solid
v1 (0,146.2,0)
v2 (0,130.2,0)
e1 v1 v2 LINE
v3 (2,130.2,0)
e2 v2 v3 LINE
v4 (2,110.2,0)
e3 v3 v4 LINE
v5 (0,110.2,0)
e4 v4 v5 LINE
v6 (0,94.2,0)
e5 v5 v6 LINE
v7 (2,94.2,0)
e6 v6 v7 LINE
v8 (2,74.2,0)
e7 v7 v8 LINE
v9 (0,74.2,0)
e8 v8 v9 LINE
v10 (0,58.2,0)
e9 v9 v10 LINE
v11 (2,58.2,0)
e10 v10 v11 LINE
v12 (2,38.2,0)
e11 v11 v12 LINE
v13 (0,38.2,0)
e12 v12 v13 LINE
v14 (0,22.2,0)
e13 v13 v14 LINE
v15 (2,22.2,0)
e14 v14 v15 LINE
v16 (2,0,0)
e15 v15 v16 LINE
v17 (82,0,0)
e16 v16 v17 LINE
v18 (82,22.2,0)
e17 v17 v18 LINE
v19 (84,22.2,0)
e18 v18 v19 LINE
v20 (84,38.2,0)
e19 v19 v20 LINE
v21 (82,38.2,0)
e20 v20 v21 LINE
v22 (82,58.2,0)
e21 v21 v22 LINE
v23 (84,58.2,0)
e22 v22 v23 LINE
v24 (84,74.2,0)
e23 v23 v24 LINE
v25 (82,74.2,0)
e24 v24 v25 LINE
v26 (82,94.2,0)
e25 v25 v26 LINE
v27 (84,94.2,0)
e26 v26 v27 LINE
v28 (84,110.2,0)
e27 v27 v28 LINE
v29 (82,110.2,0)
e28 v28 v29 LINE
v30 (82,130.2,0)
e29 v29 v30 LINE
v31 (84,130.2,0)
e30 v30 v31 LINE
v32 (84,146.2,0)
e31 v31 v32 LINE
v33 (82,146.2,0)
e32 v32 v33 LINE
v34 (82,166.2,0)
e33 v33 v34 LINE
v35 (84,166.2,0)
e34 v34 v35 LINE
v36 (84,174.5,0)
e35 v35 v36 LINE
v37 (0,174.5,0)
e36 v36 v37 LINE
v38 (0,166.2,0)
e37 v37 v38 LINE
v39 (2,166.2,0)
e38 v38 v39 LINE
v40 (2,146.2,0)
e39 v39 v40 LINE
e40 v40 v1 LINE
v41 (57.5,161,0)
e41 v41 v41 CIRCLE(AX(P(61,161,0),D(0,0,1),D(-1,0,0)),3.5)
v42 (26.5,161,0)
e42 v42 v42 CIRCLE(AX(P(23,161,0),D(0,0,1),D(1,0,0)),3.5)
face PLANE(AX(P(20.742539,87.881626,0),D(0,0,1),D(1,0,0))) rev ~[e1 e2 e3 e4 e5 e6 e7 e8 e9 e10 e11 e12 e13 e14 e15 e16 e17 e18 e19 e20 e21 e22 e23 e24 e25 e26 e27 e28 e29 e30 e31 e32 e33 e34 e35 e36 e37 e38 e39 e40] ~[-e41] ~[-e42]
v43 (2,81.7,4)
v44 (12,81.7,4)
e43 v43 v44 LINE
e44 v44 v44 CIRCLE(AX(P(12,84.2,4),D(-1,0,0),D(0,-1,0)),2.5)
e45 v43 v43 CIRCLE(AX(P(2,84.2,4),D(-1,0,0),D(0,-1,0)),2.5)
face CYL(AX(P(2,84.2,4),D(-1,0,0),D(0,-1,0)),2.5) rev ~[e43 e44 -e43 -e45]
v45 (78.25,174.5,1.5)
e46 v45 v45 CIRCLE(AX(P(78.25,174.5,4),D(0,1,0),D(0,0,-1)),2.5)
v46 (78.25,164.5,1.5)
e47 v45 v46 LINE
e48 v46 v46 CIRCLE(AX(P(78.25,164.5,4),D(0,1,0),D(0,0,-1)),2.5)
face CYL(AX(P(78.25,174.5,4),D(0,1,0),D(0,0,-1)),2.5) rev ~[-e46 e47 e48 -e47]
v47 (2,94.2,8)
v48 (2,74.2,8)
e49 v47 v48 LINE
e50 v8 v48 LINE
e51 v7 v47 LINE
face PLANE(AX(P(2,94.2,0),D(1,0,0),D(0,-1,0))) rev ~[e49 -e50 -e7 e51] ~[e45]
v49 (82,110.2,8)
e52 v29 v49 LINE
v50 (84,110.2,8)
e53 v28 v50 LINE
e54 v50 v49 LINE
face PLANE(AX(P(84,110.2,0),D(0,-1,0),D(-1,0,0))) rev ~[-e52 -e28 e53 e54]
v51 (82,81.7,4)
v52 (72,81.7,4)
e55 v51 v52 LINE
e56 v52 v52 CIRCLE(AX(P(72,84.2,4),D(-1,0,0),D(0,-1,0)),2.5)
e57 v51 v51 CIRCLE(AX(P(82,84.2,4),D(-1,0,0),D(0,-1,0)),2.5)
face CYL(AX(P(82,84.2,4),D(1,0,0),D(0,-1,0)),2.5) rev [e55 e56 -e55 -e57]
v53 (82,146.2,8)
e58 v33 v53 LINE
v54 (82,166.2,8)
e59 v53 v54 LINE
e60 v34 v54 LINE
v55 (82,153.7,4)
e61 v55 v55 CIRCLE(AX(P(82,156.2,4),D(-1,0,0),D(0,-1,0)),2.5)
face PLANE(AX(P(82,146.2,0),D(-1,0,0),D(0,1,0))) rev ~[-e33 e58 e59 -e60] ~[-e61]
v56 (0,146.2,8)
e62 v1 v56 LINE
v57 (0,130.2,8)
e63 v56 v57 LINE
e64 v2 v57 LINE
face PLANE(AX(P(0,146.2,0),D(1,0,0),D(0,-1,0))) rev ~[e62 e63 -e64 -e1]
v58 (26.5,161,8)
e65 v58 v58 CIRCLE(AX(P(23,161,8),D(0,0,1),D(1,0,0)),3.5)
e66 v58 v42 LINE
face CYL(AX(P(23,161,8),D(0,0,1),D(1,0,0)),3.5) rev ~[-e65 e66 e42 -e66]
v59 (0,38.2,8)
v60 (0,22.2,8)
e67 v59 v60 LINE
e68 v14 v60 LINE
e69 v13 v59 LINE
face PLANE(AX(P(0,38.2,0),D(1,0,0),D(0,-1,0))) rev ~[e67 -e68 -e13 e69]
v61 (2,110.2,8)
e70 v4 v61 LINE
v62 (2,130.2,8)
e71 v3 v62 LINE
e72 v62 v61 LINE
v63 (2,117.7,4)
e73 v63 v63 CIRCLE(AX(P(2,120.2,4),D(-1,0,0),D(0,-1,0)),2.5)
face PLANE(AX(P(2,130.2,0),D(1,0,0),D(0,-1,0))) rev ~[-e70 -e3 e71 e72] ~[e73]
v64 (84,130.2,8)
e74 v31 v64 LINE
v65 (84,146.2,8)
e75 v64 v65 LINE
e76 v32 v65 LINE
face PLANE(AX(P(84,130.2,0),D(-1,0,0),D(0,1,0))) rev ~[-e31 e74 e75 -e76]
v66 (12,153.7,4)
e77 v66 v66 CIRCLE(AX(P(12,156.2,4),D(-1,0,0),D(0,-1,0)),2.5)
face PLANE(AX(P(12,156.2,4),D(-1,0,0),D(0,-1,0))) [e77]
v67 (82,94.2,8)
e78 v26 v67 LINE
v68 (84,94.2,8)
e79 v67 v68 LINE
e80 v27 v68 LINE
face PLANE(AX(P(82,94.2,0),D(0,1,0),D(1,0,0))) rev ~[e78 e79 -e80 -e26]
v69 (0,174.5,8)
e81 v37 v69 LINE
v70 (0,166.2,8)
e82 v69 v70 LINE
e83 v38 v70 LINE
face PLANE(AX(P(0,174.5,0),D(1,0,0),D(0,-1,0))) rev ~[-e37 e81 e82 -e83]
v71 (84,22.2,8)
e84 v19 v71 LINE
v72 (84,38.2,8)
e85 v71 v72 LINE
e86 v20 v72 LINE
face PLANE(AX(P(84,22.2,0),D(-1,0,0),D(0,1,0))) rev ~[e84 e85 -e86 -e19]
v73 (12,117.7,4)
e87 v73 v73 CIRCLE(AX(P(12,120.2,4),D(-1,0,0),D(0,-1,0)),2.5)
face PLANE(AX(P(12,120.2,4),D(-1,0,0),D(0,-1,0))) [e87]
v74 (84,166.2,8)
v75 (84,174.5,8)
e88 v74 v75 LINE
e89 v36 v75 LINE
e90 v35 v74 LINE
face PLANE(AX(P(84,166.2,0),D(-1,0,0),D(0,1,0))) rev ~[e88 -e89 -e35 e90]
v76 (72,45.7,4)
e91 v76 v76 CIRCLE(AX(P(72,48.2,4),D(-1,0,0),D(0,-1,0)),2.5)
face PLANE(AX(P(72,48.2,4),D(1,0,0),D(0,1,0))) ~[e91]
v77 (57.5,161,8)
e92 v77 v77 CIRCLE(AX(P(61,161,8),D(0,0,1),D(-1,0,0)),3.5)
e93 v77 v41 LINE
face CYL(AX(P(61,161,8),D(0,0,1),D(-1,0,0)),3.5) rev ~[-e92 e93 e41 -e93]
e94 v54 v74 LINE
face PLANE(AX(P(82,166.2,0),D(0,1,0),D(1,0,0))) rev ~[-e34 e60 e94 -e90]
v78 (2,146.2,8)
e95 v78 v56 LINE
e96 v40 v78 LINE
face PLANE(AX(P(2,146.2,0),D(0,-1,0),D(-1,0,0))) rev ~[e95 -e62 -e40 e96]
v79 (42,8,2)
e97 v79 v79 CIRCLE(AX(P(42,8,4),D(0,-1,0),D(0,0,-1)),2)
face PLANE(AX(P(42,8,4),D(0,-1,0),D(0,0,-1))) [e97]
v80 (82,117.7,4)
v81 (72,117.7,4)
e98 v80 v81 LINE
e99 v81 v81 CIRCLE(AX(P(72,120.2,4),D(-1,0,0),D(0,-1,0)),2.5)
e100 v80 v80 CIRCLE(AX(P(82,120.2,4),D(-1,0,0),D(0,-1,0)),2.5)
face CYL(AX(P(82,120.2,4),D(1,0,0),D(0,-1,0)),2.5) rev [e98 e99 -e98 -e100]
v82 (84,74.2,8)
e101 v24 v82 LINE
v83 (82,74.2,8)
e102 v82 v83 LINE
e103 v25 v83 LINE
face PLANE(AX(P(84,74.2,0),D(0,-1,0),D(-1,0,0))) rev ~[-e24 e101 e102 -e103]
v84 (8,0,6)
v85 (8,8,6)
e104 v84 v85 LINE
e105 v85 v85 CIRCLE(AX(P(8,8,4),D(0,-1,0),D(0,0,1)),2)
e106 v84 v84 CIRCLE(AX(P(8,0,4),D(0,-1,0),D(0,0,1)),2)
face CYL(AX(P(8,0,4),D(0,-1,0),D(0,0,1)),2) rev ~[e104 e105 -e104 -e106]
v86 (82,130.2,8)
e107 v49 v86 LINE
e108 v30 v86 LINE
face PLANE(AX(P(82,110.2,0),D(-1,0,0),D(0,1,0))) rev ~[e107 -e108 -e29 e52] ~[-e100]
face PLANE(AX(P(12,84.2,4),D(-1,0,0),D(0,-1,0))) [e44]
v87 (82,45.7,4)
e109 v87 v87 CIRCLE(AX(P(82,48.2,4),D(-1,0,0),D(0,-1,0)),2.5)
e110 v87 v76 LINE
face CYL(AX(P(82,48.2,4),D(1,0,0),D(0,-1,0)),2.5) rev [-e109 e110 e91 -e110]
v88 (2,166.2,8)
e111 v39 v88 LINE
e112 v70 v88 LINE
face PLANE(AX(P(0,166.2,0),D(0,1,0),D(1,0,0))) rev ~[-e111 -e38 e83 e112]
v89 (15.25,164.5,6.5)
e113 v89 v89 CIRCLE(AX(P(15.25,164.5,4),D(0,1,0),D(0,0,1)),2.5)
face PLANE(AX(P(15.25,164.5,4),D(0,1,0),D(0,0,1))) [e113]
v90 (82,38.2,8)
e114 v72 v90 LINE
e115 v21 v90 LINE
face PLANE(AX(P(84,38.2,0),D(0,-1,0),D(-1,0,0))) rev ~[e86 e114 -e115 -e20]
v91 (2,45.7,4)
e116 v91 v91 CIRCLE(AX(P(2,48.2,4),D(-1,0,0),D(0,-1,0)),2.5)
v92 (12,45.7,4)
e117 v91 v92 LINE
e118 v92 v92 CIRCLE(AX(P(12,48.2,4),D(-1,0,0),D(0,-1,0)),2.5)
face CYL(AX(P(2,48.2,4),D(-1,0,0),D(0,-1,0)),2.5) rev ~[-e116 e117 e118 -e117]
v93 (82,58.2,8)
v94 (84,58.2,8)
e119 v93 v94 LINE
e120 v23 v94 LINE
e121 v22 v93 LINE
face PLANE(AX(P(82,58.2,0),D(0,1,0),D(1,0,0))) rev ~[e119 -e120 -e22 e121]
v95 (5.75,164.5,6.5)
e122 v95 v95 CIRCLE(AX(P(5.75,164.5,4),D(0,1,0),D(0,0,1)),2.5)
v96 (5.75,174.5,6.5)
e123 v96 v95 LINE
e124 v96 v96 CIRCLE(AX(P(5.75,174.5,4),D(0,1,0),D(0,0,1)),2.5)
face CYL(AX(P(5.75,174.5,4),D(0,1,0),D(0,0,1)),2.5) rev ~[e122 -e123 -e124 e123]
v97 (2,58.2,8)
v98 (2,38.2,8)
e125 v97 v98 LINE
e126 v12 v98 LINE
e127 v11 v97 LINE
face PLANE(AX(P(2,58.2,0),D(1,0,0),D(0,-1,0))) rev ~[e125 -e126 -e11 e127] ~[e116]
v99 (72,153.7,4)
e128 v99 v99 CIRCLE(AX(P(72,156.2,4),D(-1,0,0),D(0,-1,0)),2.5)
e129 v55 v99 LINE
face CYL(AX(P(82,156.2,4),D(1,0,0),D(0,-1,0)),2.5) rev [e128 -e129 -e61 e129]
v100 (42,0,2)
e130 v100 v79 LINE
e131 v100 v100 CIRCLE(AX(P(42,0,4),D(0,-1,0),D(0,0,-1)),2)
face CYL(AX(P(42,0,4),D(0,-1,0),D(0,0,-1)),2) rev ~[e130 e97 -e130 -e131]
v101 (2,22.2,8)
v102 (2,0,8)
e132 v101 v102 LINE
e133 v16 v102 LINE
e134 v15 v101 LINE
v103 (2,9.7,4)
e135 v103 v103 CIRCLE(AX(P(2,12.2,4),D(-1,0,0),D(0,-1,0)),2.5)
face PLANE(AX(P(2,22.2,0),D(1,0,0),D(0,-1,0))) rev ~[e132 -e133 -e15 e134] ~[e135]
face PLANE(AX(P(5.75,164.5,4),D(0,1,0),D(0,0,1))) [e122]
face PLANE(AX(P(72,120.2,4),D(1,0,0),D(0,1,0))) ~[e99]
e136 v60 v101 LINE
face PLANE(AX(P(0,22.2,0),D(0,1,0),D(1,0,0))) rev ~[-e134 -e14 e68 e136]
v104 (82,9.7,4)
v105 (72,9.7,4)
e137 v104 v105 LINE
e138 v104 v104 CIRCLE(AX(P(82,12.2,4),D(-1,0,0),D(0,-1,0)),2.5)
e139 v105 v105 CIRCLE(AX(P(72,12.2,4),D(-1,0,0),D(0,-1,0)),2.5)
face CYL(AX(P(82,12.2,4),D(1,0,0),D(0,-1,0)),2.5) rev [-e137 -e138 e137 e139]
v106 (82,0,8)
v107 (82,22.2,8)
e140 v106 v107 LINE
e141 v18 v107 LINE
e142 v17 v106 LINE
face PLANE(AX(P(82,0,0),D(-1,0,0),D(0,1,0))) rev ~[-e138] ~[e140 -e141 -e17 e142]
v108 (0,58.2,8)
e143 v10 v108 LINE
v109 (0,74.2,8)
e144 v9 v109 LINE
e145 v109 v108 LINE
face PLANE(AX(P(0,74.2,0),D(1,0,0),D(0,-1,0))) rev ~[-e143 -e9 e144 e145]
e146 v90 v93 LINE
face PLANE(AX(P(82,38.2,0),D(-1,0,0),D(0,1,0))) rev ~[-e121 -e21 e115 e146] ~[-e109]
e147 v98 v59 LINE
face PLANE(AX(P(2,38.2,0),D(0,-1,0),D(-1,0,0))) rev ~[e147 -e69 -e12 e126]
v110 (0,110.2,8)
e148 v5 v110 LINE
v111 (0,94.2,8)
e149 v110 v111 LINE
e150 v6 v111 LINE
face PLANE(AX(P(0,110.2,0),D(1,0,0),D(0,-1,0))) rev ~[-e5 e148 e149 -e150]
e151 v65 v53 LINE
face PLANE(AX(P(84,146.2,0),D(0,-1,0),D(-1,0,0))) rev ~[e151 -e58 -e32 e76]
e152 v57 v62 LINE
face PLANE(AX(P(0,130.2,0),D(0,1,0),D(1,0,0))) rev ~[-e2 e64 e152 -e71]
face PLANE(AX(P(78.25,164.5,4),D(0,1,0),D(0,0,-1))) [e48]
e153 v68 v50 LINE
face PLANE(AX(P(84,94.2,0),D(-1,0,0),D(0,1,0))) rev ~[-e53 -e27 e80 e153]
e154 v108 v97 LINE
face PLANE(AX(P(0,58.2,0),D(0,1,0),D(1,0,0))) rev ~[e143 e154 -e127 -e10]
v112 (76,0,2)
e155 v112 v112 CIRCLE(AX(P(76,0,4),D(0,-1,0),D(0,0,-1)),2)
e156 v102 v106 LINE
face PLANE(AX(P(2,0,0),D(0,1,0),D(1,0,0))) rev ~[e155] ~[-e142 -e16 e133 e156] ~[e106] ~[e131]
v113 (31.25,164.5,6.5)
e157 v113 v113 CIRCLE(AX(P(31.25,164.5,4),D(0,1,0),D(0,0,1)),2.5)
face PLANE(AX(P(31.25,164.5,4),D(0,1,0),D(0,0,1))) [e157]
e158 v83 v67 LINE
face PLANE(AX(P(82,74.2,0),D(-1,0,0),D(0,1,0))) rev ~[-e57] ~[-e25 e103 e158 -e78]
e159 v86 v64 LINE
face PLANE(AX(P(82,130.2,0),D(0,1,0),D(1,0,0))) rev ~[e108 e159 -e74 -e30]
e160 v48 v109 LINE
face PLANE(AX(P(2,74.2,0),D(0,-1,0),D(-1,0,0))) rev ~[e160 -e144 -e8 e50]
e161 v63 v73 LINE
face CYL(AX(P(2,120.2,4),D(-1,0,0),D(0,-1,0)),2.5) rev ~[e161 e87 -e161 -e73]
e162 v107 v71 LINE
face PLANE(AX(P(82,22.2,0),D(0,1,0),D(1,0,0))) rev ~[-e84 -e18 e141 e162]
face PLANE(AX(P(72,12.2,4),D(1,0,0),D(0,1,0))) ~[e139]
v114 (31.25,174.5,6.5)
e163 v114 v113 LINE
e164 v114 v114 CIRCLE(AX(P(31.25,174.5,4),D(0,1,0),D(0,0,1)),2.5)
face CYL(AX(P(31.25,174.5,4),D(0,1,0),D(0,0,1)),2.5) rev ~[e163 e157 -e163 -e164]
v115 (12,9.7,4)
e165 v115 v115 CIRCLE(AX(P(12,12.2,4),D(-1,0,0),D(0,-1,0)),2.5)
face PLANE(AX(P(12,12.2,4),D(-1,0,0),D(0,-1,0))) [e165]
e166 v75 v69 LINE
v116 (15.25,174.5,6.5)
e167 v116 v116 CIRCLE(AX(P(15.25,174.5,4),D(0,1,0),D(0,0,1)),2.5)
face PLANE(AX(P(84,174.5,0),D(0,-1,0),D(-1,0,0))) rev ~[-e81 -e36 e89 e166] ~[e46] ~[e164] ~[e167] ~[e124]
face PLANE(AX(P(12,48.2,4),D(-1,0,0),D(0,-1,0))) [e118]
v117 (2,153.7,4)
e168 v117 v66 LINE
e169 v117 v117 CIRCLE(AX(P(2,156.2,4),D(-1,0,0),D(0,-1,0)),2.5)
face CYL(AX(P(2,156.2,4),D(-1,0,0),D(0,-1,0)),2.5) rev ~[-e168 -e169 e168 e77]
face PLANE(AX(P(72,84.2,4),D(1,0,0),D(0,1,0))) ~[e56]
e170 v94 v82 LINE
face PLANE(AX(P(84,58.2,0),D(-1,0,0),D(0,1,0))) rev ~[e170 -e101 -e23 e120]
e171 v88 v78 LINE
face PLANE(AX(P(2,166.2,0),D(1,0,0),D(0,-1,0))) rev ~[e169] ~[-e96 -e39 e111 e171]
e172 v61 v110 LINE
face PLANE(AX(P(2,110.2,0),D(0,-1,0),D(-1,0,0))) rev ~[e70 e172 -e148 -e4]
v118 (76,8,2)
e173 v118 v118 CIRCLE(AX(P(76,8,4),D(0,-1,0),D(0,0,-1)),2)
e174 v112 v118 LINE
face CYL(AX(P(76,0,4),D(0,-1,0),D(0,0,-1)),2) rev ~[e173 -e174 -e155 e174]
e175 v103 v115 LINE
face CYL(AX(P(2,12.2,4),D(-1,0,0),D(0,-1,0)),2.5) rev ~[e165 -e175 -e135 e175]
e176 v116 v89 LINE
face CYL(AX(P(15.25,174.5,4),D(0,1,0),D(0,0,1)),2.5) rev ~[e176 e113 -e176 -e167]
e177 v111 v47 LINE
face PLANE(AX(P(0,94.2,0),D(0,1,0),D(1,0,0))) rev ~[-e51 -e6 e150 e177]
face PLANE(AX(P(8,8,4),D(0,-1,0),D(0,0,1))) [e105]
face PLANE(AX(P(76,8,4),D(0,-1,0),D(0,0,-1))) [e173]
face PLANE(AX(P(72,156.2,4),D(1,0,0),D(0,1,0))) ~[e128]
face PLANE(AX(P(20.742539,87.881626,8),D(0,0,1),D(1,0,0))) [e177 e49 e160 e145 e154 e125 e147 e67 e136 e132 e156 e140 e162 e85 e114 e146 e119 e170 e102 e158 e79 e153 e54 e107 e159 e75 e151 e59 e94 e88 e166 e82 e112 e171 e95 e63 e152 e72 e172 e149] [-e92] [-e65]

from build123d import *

# Parameters (mm, degrees)
BOSS_EXTRUDE1_DEPTH = 8
SKETCH2_R           = 2.5
CUT_EXTRUDE1_DEPTH  = 10
SKETCH3_R           = 2
CUT_EXTRUDE2_DEPTH  = 8
SKETCH4_R           = 2.5
CUT_EXTRUDE3_DEPTH  = 10
SKETCH5_R           = 2.5
CUT_EXTRUDE4_DEPTH  = 10
SKETCH6_R           = 3.5
CUT_EXTRUDE5_DEPTH  = 8


with BuildPart() as part:
    # Sketch1 → Boss-Extrude1 (new body)
    with BuildSketch(Plane.XY):
        Polygon((0, 38.2), (0, 22.2), (2, 22.2), (2, 0), (42, 0), (42, 174.5), (0, 174.5), (0, 166.2), (2, 166.2), (2, 146.2), (0, 146.2), (0, 130.2), (2, 130.2), (2, 110.2), (0, 110.2), (0, 94.2), (2, 94.2), (2, 74.2), (0, 74.2), (0, 58.2), (2, 58.2), (2, 38.2), align=None)
        Polygon((42, 174.5), (42, 0), (82, 0), (82, 22.2), (84, 22.2), (84, 38.2), (82, 38.2), (82, 58.2), (84, 58.2), (84, 74.2), (82, 74.2), (82, 94.2), (84, 94.2), (84, 110.2), (82, 110.2), (82, 130.2), (84, 130.2), (84, 146.2), (82, 146.2), (82, 166.2), (84, 166.2), (84, 174.5), align=None)
    extrude(amount=BOSS_EXTRUDE1_DEPTH)

    # Sketch2 → Cut-Extrude1 (cut)
    with BuildSketch(Plane.ZY.offset(-2)):
        with Locations(Location((4, 156.2, 0), (0, 0, 270))):
            Circle(SKETCH2_R)
        with Locations(Location((4, 120.2, 0), (0, 0, 270))):
            Circle(SKETCH2_R)
        with Locations(Location((4, 84.2, 0), (0, 0, 270))):
            Circle(SKETCH2_R)
        with Locations(Location((4, 48.2, 0), (0, 0, 270))):
            Circle(SKETCH2_R)
        with Locations(Location((4, 12.2, 0), (0, 0, 270))):
            Circle(SKETCH2_R)
    cut_extrude1 = extrude(amount=-CUT_EXTRUDE1_DEPTH, mode=Mode.SUBTRACT)

    # Mirror1: Cut-Extrude1 across plane
    add(cut_extrude1.mirror(Plane(origin=(42, 0, 0), x_dir=(0, 0, 1), z_dir=(1, 0, 0))), mode=Mode.SUBTRACT)

    # Sketch3 → Cut-Extrude2 (cut)
    with BuildSketch(Plane.XZ):
        with Locations(Location((42, 4, 0), (0, 0, 270))):
            Circle(SKETCH3_R)
        with Locations(Location((76, 4, 0), (0, 0, 270))):
            Circle(SKETCH3_R)
        with Locations(Location((8, 4, 0), (0, 0, 90))):
            Circle(SKETCH3_R)
    extrude(amount=-CUT_EXTRUDE2_DEPTH, mode=Mode.SUBTRACT)

    # Sketch4 → Cut-Extrude3 (cut)
    with BuildSketch(Plane(origin=(0, 174.5, 0), x_dir=(1, 0, 0), z_dir=(0, 1, 0))):
        with Locations(Location((5.75, -4, 0), (0, 0, 270))):
            Circle(SKETCH4_R)
        with Locations(Location((78.25, -4, 0), (0, 0, 90))):
            Circle(SKETCH4_R)
    extrude(amount=-CUT_EXTRUDE3_DEPTH, mode=Mode.SUBTRACT)

    # Sketch5 → Cut-Extrude4 (cut)
    with BuildSketch(Plane(origin=(0, 174.5, 0), x_dir=(1, 0, 0), z_dir=(0, 1, 0))):
        with Locations(Location((15.25, -4, 0), (0, 0, 270))):
            Circle(SKETCH5_R)
        with Locations(Location((31.25, -4, 0), (0, 0, 270))):
            Circle(SKETCH5_R)
    extrude(amount=-CUT_EXTRUDE4_DEPTH, mode=Mode.SUBTRACT)

    # Sketch6 → Cut-Extrude5 (cut)
    with BuildSketch(Plane.XY.offset(8)):
        with Locations((23, 161)):
            Circle(SKETCH6_R)
        with Locations(Location((61, 161, 0), (0, 0, 180))):
            Circle(SKETCH6_R)
    extrude(amount=-CUT_EXTRUDE5_DEPTH, mode=Mode.SUBTRACT)


solid = part.part
